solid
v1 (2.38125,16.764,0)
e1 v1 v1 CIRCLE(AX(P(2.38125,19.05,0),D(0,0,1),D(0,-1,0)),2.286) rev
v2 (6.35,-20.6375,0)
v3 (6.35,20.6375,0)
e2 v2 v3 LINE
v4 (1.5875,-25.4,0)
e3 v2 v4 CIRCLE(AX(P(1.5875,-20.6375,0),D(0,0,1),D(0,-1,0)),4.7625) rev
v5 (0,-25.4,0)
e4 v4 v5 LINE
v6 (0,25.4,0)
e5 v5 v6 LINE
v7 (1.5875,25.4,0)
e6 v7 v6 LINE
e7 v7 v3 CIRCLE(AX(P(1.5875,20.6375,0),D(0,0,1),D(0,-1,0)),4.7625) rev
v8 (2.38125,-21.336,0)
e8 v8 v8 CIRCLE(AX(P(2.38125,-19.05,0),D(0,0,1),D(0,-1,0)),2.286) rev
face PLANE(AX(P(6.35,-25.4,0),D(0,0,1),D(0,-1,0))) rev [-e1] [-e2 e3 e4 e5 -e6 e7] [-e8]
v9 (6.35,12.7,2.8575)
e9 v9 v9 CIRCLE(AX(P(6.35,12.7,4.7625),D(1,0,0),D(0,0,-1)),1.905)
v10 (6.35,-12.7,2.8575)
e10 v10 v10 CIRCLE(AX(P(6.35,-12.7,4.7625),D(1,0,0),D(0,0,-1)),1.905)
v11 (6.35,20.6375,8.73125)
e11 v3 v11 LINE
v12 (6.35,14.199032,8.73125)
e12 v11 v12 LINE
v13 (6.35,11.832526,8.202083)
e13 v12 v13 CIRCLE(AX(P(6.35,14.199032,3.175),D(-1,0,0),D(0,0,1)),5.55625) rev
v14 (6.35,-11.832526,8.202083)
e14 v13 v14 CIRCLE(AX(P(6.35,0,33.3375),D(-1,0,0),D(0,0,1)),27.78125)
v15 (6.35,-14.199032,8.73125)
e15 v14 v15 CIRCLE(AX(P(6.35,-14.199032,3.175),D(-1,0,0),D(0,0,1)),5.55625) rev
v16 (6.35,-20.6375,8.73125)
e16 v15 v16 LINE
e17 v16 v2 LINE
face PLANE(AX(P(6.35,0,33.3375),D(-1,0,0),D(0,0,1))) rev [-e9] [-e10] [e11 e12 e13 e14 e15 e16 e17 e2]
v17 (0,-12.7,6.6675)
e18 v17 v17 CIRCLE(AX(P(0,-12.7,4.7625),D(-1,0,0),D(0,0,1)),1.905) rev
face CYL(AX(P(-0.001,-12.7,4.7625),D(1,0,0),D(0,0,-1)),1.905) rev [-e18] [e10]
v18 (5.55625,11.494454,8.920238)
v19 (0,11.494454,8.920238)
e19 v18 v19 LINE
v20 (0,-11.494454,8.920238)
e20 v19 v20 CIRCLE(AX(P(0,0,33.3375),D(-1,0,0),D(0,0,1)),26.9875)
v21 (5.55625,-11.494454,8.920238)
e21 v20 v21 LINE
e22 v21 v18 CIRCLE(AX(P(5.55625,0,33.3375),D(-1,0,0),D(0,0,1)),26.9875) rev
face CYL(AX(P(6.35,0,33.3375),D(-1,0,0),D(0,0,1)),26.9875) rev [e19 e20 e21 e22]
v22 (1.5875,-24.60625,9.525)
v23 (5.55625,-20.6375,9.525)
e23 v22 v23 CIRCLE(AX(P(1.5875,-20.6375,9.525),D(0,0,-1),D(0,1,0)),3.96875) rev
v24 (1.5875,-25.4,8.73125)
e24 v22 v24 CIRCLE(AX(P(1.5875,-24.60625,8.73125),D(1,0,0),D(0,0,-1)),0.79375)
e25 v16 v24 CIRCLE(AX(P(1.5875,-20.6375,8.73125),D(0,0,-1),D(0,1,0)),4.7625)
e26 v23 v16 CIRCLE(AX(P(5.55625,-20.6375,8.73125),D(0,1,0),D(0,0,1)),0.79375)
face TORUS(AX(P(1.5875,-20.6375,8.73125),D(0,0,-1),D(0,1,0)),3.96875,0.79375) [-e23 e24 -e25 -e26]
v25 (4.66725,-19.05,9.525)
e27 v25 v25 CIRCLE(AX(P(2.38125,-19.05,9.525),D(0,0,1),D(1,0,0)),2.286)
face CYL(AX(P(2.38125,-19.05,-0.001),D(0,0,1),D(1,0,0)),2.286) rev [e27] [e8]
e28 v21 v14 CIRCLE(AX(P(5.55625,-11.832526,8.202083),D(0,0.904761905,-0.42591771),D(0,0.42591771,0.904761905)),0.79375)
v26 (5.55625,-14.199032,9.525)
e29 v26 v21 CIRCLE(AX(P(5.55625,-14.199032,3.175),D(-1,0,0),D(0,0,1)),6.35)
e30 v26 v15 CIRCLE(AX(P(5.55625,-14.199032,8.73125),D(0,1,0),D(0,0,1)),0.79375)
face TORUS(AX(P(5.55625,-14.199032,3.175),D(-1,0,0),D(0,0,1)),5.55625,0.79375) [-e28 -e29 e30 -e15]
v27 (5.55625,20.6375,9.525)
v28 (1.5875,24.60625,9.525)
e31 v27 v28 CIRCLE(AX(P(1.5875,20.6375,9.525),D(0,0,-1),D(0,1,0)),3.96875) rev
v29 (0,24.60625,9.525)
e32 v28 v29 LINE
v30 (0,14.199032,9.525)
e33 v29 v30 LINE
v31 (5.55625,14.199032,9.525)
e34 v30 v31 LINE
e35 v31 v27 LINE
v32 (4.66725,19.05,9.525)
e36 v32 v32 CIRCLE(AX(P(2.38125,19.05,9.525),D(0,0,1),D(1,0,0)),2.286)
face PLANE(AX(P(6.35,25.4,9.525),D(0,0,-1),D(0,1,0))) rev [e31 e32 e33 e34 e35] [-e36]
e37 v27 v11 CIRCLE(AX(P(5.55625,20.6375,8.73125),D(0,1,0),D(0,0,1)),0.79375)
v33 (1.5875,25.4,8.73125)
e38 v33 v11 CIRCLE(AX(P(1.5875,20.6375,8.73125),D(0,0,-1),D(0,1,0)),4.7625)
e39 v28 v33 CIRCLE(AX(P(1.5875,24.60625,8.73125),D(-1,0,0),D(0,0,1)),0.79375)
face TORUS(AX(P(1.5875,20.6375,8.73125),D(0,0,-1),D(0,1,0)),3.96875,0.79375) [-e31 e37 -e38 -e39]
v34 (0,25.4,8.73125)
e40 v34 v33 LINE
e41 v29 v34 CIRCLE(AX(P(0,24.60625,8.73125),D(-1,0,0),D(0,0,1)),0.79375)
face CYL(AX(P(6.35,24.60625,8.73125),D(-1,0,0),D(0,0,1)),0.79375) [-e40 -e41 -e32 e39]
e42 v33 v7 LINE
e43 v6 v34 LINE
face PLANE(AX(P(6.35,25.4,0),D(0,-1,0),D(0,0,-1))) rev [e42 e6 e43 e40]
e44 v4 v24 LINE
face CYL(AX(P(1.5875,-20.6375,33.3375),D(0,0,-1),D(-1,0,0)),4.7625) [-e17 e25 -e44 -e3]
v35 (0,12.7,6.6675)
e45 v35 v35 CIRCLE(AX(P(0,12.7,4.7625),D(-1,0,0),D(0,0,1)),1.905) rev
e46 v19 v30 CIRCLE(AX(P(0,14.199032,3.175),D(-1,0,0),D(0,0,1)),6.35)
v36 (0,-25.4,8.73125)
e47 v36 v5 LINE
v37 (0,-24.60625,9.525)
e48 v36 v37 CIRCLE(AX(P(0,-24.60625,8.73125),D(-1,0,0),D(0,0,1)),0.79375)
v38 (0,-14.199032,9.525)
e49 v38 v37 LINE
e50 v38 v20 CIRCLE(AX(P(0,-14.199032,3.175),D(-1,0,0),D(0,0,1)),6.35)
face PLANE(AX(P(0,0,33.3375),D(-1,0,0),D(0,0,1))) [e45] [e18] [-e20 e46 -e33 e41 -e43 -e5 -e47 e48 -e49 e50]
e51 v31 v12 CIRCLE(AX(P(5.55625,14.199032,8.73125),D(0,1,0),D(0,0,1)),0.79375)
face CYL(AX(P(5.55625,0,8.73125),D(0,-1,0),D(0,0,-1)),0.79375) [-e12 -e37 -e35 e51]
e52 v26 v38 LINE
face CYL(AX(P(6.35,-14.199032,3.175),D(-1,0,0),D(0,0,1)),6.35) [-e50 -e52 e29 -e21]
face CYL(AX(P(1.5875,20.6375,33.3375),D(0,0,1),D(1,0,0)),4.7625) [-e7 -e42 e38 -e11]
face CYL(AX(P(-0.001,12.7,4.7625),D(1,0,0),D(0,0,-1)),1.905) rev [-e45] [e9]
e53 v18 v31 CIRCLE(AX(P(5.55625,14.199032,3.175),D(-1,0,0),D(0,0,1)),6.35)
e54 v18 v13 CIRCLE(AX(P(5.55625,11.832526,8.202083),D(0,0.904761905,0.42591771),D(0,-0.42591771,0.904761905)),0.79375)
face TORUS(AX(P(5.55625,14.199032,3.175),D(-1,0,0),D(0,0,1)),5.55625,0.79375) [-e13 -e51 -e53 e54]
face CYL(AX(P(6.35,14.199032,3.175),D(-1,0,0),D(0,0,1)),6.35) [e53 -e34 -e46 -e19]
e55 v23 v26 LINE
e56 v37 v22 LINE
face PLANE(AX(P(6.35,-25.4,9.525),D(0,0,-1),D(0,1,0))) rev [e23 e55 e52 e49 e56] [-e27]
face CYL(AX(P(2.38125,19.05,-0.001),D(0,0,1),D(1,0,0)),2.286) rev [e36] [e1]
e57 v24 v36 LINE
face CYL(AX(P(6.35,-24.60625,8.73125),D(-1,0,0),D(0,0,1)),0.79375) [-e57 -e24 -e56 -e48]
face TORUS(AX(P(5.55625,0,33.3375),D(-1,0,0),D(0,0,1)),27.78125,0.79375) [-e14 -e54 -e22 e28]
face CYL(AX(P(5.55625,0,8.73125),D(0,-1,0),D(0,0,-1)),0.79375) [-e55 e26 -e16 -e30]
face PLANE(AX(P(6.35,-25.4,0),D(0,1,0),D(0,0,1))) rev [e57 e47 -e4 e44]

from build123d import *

# Parameters (mm, degrees)
BOSS_EXTRUDE1_DEPTH = 6.35
CUT_EXTRUDE1_REACH  = 29.861
SKETCH2_R           = 2.286
CUT_EXTRUDE2_REACH  = 29.861
SKETCH3_R           = 1.905
FILLET1_R           = 4.7625
FILLET2_R           = 6.35
FILLET3_R           = 0.79375


with BuildPart() as part:
    # Sketch1 → Boss-Extrude1 (new body)
    with BuildSketch(Plane(origin=(0, 0, 0), x_dir=(0, 0, -1), z_dir=(1, 0, 0))):
        with BuildLine():
            Line((0, -25.4), (0, 25.4))
            Line((0, 25.4), (-9.525, 25.4))
            Line((-9.525, 25.4), (-9.525, 12.7))
            ThreePointArc((-9.525, 12.7), (-6.35, 0), (-9.525, -12.7))
            Line((-9.525, -12.7), (-9.525, -25.4))
            Line((-9.525, -25.4), (0, -25.4))
        make_face()
    extrude(amount=BOSS_EXTRUDE1_DEPTH)

    # Sketch2 → Cut-Extrude1 (cut, up to next)
    with BuildSketch(Plane.XY.offset(9.525), mode=Mode.PRIVATE) as cut_extrude1_sk1:
        with Locations((2.38125, 19.05)):
            Circle(SKETCH2_R)
    cut_extrude1_tool1 = extrude(cut_extrude1_sk1.sketch, amount=-CUT_EXTRUDE1_REACH, mode=Mode.PRIVATE) & part.part
    # Sketch2 → Cut-Extrude1 (cut, up to next)
    with BuildSketch(Plane.XY.offset(9.525), mode=Mode.PRIVATE) as cut_extrude1_sk2:
        with Locations((2.38125, -19.05)):
            Circle(SKETCH2_R)
    cut_extrude1_tool2 = extrude(cut_extrude1_sk2.sketch, amount=-CUT_EXTRUDE1_REACH, mode=Mode.PRIVATE) & part.part
    add(cut_extrude1_tool1.solids().sort_by_distance((2.38125, 19.05, 9.525))[0], mode=Mode.SUBTRACT)
    add(cut_extrude1_tool2.solids().sort_by_distance((2.38125, -19.05, 9.525))[0], mode=Mode.SUBTRACT)

    # Sketch3 → Cut-Extrude2 (cut, up to next)
    with BuildSketch(Plane(origin=(6.35, 0, 0), x_dir=(0, 0, -1), z_dir=(1, 0, 0)), mode=Mode.PRIVATE) as cut_extrude2_sk1:
        with Locations((-4.7625, 12.7)):
            Circle(SKETCH3_R)
    cut_extrude2_tool1 = extrude(cut_extrude2_sk1.sketch, amount=-CUT_EXTRUDE2_REACH, mode=Mode.PRIVATE) & part.part
    # Sketch3 → Cut-Extrude2 (cut, up to next)
    with BuildSketch(Plane(origin=(6.35, 0, 0), x_dir=(0, 0, -1), z_dir=(1, 0, 0)), mode=Mode.PRIVATE) as cut_extrude2_sk2:
        with Locations((-4.7625, -12.7)):
            Circle(SKETCH3_R)
    cut_extrude2_tool2 = extrude(cut_extrude2_sk2.sketch, amount=-CUT_EXTRUDE2_REACH, mode=Mode.PRIVATE) & part.part
    add(cut_extrude2_tool1.solids().sort_by_distance((6.35, 12.7, 4.7625))[0], mode=Mode.SUBTRACT)
    add(cut_extrude2_tool2.solids().sort_by_distance((6.35, -12.7, 4.7625))[0], mode=Mode.SUBTRACT)

    # Fillet1
    fillet1_edges = [part.edges().sort_by_distance(p)[0] for p in [
        (6.35, 25.4, 4.7625),
        (6.35, -25.4, 4.7625),
    ]]
    fillet(fillet1_edges, radius=FILLET1_R)

    # Fillet2
    fillet2_edges = [part.edges().sort_by_distance(p)[0] for p in [
        (3.175, -12.7, 9.525),
        (3.175, 12.7, 9.525),
    ]]
    fillet(fillet2_edges, radius=FILLET2_R)

    # Fillet3
    fillet3_edges = [part.edges().sort_by_distance(p)[0] for p in [
        (6.35, 17.418265829, 9.525),
        (0.79375, -25.4, 9.525),
        (4.955096045, -24.005096045, 9.525),
        (0.79375, 25.4, 9.525),
        (4.955096045, 24.005096045, 9.525),
        (6.35, -17.418265829, 9.525),
        (6.35, 0, 6.35),
        (6.35, 12.813348054, 9.371965463),
        (6.35, -12.813348054, 9.371965463),
    ]]
    fillet(fillet3_edges, radius=FILLET3_R)


solid = part.part
